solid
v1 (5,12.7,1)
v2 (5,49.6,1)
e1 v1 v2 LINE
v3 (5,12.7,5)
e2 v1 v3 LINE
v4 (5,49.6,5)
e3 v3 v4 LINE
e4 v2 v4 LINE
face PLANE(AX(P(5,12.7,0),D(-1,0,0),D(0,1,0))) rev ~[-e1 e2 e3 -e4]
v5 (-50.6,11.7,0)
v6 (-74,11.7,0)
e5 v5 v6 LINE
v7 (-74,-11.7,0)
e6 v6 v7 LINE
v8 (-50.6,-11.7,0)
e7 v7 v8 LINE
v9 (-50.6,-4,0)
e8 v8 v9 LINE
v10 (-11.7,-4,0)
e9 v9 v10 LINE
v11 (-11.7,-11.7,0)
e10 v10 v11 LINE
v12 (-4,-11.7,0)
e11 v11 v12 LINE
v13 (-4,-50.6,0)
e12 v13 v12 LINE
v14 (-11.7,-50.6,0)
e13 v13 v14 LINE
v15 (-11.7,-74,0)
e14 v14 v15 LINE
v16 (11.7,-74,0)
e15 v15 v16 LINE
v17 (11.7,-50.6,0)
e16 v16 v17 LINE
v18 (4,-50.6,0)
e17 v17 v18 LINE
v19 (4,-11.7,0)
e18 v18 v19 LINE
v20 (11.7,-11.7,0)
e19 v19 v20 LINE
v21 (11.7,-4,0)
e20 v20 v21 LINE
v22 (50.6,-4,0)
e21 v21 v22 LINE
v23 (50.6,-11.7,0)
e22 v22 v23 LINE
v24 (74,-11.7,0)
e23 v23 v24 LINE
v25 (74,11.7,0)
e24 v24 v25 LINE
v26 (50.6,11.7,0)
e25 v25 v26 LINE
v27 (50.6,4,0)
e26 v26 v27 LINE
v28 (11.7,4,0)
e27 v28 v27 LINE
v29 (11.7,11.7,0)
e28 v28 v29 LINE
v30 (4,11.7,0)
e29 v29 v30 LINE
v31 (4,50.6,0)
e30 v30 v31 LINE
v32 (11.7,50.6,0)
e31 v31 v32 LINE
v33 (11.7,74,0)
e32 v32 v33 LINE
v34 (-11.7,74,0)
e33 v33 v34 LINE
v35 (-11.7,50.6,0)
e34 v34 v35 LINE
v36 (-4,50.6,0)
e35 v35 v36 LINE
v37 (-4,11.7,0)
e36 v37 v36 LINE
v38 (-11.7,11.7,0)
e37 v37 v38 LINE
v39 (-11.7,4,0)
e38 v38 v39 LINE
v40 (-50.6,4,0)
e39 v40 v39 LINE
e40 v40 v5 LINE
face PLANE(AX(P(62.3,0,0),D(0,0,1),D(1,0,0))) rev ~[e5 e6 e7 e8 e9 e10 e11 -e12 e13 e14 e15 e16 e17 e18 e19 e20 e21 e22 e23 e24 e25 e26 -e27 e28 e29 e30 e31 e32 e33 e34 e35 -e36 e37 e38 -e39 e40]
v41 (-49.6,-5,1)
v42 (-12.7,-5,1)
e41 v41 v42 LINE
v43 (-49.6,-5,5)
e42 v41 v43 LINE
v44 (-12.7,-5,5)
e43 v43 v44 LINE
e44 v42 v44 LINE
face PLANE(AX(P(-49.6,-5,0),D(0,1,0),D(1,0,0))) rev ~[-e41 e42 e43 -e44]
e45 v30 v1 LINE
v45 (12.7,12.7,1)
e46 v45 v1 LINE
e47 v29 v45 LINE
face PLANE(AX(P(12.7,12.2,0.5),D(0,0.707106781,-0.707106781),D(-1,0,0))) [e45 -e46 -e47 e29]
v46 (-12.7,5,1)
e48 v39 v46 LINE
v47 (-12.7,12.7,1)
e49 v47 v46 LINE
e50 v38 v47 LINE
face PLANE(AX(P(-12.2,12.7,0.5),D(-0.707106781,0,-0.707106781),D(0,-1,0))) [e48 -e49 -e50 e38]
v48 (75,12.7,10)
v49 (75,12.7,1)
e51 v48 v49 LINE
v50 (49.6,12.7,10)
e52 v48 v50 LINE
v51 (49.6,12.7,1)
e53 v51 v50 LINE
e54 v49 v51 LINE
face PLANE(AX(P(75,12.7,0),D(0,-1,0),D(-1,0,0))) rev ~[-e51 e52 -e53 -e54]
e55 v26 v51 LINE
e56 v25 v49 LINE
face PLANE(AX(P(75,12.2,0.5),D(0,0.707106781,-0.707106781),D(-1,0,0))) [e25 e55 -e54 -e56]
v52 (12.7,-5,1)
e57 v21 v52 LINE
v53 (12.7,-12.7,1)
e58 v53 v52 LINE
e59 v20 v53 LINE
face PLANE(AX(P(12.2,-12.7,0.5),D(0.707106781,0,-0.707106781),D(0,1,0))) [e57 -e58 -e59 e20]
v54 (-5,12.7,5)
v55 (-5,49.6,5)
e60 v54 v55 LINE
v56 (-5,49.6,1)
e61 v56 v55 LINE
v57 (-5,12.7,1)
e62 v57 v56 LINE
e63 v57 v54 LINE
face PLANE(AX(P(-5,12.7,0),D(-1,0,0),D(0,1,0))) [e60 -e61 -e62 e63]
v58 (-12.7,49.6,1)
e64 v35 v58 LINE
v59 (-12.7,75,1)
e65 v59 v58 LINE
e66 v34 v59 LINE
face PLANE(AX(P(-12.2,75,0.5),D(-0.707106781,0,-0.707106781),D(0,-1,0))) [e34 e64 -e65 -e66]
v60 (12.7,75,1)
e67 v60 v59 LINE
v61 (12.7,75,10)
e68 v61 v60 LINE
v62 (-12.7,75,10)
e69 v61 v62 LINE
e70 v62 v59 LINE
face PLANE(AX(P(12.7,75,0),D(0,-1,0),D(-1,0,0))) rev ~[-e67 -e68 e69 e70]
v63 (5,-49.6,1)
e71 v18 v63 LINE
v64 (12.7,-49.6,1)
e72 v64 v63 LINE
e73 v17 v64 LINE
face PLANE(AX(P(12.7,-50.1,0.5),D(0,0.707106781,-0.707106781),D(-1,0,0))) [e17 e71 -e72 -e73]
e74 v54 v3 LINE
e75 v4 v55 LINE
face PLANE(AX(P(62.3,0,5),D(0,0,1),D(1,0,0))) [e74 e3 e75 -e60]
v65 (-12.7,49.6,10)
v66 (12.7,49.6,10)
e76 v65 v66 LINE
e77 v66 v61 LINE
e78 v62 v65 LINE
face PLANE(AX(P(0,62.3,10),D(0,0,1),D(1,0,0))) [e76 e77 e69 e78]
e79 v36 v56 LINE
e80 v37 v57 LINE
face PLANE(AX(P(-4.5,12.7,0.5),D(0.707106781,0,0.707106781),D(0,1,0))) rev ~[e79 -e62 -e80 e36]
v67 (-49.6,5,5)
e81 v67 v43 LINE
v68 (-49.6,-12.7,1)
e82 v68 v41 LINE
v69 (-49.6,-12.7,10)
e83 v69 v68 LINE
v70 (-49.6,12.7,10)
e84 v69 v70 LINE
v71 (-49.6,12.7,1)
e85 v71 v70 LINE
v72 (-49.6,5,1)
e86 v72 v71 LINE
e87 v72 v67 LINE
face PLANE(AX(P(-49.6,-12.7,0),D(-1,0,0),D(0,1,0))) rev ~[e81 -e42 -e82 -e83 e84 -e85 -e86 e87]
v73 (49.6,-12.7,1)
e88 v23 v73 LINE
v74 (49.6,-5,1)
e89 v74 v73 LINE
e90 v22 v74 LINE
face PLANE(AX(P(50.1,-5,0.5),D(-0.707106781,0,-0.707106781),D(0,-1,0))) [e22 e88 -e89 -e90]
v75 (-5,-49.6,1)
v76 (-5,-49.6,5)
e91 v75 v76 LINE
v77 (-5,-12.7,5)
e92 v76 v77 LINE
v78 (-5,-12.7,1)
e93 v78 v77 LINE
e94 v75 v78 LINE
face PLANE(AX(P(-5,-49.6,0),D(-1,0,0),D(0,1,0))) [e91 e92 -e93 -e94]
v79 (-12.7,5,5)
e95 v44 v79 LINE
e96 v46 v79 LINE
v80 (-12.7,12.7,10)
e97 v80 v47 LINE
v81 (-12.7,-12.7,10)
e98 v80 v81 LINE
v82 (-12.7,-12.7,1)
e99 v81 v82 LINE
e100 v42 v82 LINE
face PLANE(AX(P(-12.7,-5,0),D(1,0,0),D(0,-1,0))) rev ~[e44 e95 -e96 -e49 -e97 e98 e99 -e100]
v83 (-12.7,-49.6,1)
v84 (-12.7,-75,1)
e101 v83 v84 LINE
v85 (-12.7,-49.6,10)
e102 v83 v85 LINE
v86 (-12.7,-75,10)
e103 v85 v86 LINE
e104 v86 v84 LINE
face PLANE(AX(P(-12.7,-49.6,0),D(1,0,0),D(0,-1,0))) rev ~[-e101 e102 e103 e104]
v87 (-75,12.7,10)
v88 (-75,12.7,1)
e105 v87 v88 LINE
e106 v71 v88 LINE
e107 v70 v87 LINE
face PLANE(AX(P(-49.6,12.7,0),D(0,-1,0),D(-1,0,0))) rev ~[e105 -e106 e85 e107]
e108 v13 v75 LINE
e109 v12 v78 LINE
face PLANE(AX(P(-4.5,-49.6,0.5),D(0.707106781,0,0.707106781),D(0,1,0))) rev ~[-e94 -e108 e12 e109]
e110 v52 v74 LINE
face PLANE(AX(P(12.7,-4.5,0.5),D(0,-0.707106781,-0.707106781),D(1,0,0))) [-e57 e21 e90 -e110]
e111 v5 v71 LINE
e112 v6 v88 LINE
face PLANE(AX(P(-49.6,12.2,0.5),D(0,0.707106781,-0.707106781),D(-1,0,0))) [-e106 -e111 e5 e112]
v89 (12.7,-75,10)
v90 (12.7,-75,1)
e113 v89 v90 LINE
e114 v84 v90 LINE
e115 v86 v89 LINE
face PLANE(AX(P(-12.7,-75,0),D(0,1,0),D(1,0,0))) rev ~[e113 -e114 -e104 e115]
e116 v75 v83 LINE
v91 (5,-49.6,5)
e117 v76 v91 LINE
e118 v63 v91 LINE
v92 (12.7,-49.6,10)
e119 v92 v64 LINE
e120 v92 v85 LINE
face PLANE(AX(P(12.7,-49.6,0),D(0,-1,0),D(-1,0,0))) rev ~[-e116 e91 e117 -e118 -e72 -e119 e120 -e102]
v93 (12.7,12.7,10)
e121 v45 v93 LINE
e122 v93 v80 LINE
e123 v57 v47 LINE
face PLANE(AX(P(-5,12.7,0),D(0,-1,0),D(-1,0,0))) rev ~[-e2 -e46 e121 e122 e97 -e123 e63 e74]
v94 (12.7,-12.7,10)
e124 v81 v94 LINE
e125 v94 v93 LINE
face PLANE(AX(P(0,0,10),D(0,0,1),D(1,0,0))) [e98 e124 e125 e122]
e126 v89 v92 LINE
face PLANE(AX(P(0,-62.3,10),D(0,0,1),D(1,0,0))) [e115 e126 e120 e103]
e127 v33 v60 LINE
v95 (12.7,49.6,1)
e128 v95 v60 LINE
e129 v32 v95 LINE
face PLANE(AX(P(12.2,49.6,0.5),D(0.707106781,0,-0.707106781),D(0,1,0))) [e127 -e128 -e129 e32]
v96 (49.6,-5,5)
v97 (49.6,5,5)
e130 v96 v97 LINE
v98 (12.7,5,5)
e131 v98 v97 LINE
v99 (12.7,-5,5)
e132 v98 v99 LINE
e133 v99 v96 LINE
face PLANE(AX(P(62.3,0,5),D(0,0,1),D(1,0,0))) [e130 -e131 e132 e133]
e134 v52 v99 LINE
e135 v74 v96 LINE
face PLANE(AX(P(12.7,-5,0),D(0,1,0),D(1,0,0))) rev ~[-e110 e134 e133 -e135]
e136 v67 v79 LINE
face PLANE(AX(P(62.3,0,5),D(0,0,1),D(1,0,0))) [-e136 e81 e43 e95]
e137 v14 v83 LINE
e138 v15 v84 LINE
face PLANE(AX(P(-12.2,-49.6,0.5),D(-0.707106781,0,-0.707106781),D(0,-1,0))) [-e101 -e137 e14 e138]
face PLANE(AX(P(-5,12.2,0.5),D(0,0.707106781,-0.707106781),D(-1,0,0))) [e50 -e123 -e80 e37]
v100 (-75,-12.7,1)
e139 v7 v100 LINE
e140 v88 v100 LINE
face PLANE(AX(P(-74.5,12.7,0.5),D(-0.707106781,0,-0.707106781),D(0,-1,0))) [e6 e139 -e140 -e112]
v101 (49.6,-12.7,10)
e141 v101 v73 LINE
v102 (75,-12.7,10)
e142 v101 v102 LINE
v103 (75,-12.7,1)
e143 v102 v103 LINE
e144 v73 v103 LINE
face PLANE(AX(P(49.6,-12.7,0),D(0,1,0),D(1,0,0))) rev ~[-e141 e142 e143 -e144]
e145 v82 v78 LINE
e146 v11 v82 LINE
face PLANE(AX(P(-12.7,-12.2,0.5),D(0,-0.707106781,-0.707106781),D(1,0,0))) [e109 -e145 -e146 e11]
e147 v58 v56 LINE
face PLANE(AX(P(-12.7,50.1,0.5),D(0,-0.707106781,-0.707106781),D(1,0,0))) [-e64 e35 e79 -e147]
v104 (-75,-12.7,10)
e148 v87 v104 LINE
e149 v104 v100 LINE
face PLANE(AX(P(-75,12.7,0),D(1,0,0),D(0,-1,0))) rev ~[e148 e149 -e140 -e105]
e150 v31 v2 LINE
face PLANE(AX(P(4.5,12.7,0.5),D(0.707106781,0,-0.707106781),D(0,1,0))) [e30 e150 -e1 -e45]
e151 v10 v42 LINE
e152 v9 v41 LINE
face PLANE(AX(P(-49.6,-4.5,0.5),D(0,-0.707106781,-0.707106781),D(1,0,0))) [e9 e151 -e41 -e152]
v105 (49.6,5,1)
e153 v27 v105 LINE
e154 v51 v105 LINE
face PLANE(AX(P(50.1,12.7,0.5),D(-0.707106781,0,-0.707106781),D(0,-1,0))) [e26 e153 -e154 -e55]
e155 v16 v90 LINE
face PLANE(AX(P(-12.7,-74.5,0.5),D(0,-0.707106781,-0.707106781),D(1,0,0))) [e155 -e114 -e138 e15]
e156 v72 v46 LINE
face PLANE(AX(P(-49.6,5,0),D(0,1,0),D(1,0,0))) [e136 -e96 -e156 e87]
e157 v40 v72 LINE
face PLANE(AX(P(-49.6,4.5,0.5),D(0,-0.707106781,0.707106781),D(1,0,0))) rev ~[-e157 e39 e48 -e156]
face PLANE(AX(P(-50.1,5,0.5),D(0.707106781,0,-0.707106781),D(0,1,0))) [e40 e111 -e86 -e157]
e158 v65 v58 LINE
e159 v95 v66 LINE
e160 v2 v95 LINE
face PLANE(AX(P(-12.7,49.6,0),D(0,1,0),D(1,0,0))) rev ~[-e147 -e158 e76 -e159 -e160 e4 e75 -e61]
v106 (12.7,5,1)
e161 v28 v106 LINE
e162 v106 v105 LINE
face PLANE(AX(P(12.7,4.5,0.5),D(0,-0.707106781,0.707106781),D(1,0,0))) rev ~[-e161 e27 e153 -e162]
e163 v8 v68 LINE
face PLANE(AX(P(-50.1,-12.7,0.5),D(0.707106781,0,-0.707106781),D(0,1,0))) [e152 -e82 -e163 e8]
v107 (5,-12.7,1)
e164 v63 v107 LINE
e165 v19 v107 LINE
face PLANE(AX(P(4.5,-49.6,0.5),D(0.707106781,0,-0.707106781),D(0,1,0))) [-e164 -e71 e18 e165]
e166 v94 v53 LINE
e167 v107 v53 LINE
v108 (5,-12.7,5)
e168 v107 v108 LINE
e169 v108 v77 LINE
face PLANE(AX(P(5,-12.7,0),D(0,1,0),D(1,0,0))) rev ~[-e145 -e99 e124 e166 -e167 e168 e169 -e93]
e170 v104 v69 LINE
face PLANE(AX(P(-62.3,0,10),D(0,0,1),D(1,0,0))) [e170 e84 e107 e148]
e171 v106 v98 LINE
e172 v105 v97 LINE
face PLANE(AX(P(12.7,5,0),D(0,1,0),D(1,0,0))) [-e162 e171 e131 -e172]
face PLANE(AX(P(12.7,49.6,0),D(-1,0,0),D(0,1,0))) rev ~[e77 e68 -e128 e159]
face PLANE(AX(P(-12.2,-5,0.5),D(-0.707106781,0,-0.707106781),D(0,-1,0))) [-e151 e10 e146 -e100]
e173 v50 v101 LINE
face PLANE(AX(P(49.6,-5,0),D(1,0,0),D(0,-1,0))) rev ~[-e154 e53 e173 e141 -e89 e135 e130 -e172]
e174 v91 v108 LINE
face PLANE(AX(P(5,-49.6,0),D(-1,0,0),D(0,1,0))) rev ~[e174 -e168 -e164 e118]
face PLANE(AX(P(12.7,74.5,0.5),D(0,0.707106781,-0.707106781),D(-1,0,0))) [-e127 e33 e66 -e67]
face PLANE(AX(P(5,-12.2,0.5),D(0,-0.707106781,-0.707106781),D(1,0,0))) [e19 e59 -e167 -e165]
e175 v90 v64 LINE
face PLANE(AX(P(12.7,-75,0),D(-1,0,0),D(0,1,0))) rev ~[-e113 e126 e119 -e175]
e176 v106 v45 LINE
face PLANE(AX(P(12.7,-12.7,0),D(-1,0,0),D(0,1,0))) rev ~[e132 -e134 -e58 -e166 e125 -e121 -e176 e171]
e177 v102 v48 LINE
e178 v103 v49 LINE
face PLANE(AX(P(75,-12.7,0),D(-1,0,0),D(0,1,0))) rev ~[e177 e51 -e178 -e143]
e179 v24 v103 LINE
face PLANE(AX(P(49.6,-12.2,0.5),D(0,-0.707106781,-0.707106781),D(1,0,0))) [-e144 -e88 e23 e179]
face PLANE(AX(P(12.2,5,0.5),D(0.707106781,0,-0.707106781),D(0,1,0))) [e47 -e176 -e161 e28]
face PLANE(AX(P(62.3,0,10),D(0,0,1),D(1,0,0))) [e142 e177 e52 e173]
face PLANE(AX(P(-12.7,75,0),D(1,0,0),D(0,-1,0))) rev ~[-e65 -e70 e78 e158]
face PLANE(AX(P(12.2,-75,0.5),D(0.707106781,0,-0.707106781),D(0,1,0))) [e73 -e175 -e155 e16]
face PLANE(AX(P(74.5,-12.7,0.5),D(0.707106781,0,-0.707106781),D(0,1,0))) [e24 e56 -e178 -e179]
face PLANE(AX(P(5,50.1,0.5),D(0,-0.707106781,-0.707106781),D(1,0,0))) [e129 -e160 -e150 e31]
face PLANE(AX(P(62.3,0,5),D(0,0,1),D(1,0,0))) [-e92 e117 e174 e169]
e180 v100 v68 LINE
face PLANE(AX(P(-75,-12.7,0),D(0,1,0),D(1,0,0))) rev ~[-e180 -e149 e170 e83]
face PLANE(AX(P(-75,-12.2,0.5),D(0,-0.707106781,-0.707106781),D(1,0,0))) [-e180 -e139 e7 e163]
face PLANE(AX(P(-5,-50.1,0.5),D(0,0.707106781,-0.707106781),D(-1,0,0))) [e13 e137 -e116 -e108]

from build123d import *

# Parameters (mm, degrees)
F0_W     = 36.9
F0_H     = 10
F0_W_2   = 10
F0_H_2   = 36.9
F1_DEPTH = 5
F2_DEPTH = 10
F3_SIZE  = 1


with BuildPart() as f1:
    # F0 (on Top) → F1 (new body)
    with BuildSketch(Plane.XY):
        Polygon((49.6, 12.7), (49.6, 5), (49.6, -5), (49.6, -12.7), (75, -12.7), (75, -5), (75, 5), (75, 12.7), align=None)
        with Locations((31.15, 0)):
            Rectangle(F0_W, F0_H)
        Polygon((5, 12.7), (-5, 12.7), (-12.7, 12.7), (-12.7, 5), (-12.7, -5), (-12.7, -12.7), (-5, -12.7), (5, -12.7), (12.7, -12.7), (12.7, -5), (12.7, 5), (12.7, 12.7), align=None)
        with Locations((0, -31.15)):
            Rectangle(F0_W_2, F0_H_2)
        Polygon((5, -49.6), (-5, -49.6), (-12.7, -49.6), (-12.7, -75), (-5, -75), (5, -75), (12.7, -75), (12.7, -49.6), align=None)
        with Locations((-31.15, 0)):
            Rectangle(F0_W, F0_H)
        Polygon((-49.6, -5), (-49.6, 5), (-49.6, 12.7), (-75, 12.7), (-75, 5), (-75, -5), (-75, -12.7), (-49.6, -12.7), align=None)
        with Locations((0, 31.15)):
            Rectangle(F0_W_2, F0_H_2)
        Polygon((-5, 75), (-12.7, 75), (-12.7, 49.6), (-5, 49.6), (5, 49.6), (12.7, 49.6), (12.7, 75), (5, 75), align=None)
    extrude(amount=F1_DEPTH)

    # F0 (on Top) → F2 (join)
    with BuildSketch(Plane.XY):
        Polygon((-49.6, -5), (-49.6, 5), (-49.6, 12.7), (-75, 12.7), (-75, 5), (-75, -5), (-75, -12.7), (-49.6, -12.7), align=None)
        Polygon((-5, 75), (-12.7, 75), (-12.7, 49.6), (-5, 49.6), (5, 49.6), (12.7, 49.6), (12.7, 75), (5, 75), align=None)
        Polygon((49.6, 12.7), (49.6, 5), (49.6, -5), (49.6, -12.7), (75, -12.7), (75, -5), (75, 5), (75, 12.7), align=None)
        Polygon((5, 12.7), (-5, 12.7), (-12.7, 12.7), (-12.7, 5), (-12.7, -5), (-12.7, -12.7), (-5, -12.7), (5, -12.7), (12.7, -12.7), (12.7, -5), (12.7, 5), (12.7, 12.7), align=None)
        Polygon((5, -49.6), (-5, -49.6), (-12.7, -49.6), (-12.7, -75), (-5, -75), (5, -75), (12.7, -75), (12.7, -49.6), align=None)
    extrude(amount=F2_DEPTH)

    # F3
    f3_edges = [f1.edges().sort_by_distance(p)[0] for p in [
        (0, 75, 0),
        (-12.7, 62.3, 0),
        (-8.85, 49.6, 0),
        (-5, 31.15, 0),
        (-8.85, 12.7, 0),
        (-12.7, 8.85, 0),
        (-31.15, 5, 0),
        (-49.6, 8.85, 0),
        (-62.3, 12.7, 0),
        (-75, 0, 0),
        (-62.3, -12.7, 0),
        (-49.6, -8.85, 0),
        (-31.15, -5, 0),
        (-12.7, -8.85, 0),
        (-8.85, -12.7, 0),
        (-5, -31.15, 0),
        (-8.85, -49.6, 0),
        (-12.7, -62.3, 0),
        (0, -75, 0),
        (12.7, -62.3, 0),
        (8.85, -49.6, 0),
        (5, -31.15, 0),
        (8.85, -12.7, 0),
        (12.7, -8.85, 0),
        (31.15, -5, 0),
        (49.6, -8.85, 0),
        (62.3, -12.7, 0),
        (75, 0, 0),
        (62.3, 12.7, 0),
        (49.6, 8.85, 0),
        (31.15, 5, 0),
        (12.7, 8.85, 0),
        (8.85, 12.7, 0),
        (5, 31.15, 0),
        (8.85, 49.6, 0),
        (12.7, 62.3, 0),
    ]]
    chamfer(f3_edges, length=F3_SIZE)


solid = f1.part
